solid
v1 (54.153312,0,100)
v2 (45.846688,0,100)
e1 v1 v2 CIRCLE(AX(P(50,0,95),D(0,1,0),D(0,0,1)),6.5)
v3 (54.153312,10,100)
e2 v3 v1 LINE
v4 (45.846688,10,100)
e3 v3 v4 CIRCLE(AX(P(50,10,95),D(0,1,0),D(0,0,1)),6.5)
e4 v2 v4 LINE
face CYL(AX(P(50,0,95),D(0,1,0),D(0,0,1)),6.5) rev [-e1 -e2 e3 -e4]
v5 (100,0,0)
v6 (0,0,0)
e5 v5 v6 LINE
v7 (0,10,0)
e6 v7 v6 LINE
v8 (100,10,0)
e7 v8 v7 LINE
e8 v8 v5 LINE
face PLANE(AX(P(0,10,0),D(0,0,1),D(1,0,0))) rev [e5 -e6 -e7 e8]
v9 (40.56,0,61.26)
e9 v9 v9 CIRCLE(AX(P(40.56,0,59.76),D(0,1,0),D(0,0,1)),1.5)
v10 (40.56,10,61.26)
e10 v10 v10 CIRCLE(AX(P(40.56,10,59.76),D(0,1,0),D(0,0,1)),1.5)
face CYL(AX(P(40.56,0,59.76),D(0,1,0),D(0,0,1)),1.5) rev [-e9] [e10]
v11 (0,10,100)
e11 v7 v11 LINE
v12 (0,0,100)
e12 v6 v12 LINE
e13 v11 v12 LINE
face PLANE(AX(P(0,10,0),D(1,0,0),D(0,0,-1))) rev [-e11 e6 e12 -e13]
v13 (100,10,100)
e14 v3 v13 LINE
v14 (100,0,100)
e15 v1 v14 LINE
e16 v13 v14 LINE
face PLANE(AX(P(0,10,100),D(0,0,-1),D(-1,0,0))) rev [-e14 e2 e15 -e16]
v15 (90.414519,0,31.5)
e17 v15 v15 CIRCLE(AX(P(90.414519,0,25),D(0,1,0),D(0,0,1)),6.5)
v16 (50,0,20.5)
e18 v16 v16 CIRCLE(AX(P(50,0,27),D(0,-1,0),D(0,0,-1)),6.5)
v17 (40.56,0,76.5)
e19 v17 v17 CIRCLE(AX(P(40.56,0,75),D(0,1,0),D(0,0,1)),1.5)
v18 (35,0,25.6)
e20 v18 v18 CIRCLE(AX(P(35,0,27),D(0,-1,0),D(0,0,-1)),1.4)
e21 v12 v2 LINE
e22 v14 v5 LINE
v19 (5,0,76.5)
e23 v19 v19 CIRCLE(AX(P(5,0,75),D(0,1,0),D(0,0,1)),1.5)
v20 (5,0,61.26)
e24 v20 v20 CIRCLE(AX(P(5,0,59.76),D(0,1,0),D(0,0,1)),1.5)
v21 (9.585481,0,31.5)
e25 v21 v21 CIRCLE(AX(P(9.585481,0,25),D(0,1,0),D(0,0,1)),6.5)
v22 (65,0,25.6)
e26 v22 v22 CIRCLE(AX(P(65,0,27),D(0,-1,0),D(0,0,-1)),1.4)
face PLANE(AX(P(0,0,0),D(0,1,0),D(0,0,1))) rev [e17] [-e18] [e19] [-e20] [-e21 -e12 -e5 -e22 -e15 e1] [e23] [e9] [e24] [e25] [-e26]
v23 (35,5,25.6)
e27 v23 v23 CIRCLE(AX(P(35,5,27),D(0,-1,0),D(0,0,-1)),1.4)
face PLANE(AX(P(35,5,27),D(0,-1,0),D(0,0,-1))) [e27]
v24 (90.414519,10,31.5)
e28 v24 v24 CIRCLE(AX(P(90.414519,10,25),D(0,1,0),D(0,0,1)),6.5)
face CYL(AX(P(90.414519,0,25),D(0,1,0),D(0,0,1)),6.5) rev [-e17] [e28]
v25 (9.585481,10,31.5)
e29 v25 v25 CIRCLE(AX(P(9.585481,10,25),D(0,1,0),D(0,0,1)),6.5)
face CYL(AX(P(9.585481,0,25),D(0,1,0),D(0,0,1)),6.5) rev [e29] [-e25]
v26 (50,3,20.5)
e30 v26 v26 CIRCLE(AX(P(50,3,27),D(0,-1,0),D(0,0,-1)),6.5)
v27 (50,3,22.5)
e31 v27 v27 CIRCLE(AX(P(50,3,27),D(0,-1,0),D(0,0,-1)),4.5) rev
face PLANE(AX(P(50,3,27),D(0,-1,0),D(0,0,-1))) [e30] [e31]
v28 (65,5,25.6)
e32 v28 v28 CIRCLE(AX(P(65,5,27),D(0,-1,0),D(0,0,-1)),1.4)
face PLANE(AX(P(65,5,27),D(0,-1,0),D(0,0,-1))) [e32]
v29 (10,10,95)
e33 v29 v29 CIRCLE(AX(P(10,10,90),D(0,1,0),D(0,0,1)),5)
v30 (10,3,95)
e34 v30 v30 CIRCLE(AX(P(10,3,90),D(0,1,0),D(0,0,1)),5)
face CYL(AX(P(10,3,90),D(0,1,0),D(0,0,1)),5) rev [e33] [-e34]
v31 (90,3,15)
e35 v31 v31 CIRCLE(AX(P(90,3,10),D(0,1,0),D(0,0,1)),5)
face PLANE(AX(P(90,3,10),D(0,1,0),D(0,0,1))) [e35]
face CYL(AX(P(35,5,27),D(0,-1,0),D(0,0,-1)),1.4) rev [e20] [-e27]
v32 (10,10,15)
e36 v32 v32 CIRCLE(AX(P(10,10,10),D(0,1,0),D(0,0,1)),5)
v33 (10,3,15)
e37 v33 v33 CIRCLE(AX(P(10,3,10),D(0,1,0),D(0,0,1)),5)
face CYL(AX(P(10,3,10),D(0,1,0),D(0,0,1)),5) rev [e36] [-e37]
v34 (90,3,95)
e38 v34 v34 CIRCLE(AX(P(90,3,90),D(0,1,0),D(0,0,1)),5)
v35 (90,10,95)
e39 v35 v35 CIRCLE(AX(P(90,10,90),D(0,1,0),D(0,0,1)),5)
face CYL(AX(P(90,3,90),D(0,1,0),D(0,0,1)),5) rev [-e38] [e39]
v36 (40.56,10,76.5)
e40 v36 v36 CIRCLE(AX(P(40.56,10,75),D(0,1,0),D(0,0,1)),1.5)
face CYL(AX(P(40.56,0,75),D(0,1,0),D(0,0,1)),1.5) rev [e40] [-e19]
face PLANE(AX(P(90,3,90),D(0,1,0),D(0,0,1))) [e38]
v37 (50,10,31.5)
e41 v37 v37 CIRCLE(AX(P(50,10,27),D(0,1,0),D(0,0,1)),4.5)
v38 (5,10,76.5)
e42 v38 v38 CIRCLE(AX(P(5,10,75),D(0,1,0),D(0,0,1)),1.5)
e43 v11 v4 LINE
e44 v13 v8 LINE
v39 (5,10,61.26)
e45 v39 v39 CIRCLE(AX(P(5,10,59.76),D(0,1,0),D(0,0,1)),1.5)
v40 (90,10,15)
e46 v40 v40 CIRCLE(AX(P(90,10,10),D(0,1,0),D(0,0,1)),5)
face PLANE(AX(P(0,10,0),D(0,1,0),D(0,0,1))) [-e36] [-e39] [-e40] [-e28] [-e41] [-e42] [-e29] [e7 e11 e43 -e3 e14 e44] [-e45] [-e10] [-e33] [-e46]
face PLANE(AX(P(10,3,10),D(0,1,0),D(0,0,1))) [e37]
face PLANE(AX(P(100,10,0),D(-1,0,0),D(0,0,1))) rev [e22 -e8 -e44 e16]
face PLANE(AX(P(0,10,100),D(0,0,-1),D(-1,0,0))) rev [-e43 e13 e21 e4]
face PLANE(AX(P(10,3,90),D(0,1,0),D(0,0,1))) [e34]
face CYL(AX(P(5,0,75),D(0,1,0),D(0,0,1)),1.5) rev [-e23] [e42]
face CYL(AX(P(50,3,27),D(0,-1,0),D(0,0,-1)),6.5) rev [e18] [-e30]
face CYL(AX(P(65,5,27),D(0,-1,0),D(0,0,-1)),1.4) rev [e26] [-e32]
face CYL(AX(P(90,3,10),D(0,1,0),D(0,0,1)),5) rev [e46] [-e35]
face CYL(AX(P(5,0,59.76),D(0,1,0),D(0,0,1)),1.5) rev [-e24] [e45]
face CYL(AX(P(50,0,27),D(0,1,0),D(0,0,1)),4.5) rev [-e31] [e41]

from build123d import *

# Parameters (mm, degrees)
SKETCH_1_W          = 100
SKETCH_1_H          = 100
EXTRUDE_1_DEPTH     = 10
SKETCH_2_R          = 5
CUT_EXTRUDE_1_DEPTH = 7
SKETCH_3_R          = 6.5
CUT_EXTRUDE_2_DEPTH = 142.774468788
SKETCH_4_R          = 4.5
CUT_EXTRUDE_3_DEPTH = 142.774468788
SKETCH_5_R          = 6.5
CUT_EXTRUDE_4_DEPTH = 3
SKETCH_6_R          = 1.5
CUT_EXTRUDE_5_DEPTH = 142.774468788
SKETCH_7_R          = 1.4
CUT_EXTRUDE_6_DEPTH = 5


with BuildPart() as part:
    # 草图1 → 凸台-拉伸1 (new body)
    with BuildSketch(Plane(origin=(0, 0, 0), x_dir=(1, 0, 0), z_dir=(0, 1, 0))):
        with Locations((50, -50)):
            Rectangle(SKETCH_1_W, SKETCH_1_H)
    extrude(amount=EXTRUDE_1_DEPTH)

    # 草图2 → 切除-拉伸1 (cut)
    with BuildSketch(Plane(origin=(0, 10, 0), x_dir=(1, 0, 0), z_dir=(0, 1, 0))):
        with Locations(Location((10, -10, 0), (0, 0, 270))):
            Circle(SKETCH_2_R)
        with Locations(Location((90, -10, 0), (0, 0, 270))):
            Circle(SKETCH_2_R)
        with Locations(Location((10, -90, 0), (0, 0, 270))):
            Circle(SKETCH_2_R)
        with Locations(Location((90, -90, 0), (0, 0, 270))):
            Circle(SKETCH_2_R)
    extrude(amount=-CUT_EXTRUDE_1_DEPTH, mode=Mode.SUBTRACT)

    # 草图3 → 切除-拉伸2 (cut, through all)
    with BuildSketch(Plane(origin=(0, 10, 0), x_dir=(1, 0, 0), z_dir=(0, 1, 0))):
        with Locations((50, -95)):
            Circle(SKETCH_3_R)
        with Locations(Location((90.414518843, -25, 0), (0, 0, 270))):
            Circle(SKETCH_3_R)
        with Locations(Location((9.585481157, -25, 0), (0, 0, 270))):
            Circle(SKETCH_3_R)
    extrude(amount=-CUT_EXTRUDE_2_DEPTH, mode=Mode.SUBTRACT)

    # 草图4 → 切除-拉伸3 (cut, through all)
    with BuildSketch(Plane(origin=(0, 10, 0), x_dir=(1, 0, 0), z_dir=(0, 1, 0))):
        with Locations(Location((50, -27, 0), (0, 0, 270))):
            Circle(SKETCH_4_R)
    extrude(amount=-CUT_EXTRUDE_3_DEPTH, mode=Mode.SUBTRACT)

    # 草图5 → 切除-拉伸4 (cut)
    with BuildSketch(Plane(origin=(0, 0, 0), x_dir=(-1, 0, 0), z_dir=(0, -1, 0))):
        with Locations(Location((-50, -27, 0), (0, 0, 90))):
            Circle(SKETCH_5_R)
    extrude(amount=-CUT_EXTRUDE_4_DEPTH, mode=Mode.SUBTRACT)

    # 草图6 → 切除-拉伸5 (cut, through all)
    with BuildSketch(Plane(origin=(0, 10, 0), x_dir=(1, 0, 0), z_dir=(0, 1, 0))):
        with Locations(Location((40.56, -59.76, 0), (0, 0, 270))):
            Circle(SKETCH_6_R)
        with Locations(Location((40.56, -75, 0), (0, 0, 270))):
            Circle(SKETCH_6_R)
        with Locations(Location((5, -59.76, 0), (0, 0, 270))):
            Circle(SKETCH_6_R)
        with Locations(Location((5, -75, 0), (0, 0, 270))):
            Circle(SKETCH_6_R)
    extrude(amount=-CUT_EXTRUDE_5_DEPTH, mode=Mode.SUBTRACT)

    # 草图7 → 切除-拉伸6 (cut)
    with BuildSketch(Plane(origin=(0, 0, 0), x_dir=(-1, 0, 0), z_dir=(0, -1, 0))):
        with Locations(Location((-65, -27, 0), (0, 0, 90))):
            Circle(SKETCH_7_R)
        with Locations(Location((-35, -27, 0), (0, 0, 90))):
            Circle(SKETCH_7_R)
    extrude(amount=-CUT_EXTRUDE_6_DEPTH, mode=Mode.SUBTRACT)


solid = part.part
